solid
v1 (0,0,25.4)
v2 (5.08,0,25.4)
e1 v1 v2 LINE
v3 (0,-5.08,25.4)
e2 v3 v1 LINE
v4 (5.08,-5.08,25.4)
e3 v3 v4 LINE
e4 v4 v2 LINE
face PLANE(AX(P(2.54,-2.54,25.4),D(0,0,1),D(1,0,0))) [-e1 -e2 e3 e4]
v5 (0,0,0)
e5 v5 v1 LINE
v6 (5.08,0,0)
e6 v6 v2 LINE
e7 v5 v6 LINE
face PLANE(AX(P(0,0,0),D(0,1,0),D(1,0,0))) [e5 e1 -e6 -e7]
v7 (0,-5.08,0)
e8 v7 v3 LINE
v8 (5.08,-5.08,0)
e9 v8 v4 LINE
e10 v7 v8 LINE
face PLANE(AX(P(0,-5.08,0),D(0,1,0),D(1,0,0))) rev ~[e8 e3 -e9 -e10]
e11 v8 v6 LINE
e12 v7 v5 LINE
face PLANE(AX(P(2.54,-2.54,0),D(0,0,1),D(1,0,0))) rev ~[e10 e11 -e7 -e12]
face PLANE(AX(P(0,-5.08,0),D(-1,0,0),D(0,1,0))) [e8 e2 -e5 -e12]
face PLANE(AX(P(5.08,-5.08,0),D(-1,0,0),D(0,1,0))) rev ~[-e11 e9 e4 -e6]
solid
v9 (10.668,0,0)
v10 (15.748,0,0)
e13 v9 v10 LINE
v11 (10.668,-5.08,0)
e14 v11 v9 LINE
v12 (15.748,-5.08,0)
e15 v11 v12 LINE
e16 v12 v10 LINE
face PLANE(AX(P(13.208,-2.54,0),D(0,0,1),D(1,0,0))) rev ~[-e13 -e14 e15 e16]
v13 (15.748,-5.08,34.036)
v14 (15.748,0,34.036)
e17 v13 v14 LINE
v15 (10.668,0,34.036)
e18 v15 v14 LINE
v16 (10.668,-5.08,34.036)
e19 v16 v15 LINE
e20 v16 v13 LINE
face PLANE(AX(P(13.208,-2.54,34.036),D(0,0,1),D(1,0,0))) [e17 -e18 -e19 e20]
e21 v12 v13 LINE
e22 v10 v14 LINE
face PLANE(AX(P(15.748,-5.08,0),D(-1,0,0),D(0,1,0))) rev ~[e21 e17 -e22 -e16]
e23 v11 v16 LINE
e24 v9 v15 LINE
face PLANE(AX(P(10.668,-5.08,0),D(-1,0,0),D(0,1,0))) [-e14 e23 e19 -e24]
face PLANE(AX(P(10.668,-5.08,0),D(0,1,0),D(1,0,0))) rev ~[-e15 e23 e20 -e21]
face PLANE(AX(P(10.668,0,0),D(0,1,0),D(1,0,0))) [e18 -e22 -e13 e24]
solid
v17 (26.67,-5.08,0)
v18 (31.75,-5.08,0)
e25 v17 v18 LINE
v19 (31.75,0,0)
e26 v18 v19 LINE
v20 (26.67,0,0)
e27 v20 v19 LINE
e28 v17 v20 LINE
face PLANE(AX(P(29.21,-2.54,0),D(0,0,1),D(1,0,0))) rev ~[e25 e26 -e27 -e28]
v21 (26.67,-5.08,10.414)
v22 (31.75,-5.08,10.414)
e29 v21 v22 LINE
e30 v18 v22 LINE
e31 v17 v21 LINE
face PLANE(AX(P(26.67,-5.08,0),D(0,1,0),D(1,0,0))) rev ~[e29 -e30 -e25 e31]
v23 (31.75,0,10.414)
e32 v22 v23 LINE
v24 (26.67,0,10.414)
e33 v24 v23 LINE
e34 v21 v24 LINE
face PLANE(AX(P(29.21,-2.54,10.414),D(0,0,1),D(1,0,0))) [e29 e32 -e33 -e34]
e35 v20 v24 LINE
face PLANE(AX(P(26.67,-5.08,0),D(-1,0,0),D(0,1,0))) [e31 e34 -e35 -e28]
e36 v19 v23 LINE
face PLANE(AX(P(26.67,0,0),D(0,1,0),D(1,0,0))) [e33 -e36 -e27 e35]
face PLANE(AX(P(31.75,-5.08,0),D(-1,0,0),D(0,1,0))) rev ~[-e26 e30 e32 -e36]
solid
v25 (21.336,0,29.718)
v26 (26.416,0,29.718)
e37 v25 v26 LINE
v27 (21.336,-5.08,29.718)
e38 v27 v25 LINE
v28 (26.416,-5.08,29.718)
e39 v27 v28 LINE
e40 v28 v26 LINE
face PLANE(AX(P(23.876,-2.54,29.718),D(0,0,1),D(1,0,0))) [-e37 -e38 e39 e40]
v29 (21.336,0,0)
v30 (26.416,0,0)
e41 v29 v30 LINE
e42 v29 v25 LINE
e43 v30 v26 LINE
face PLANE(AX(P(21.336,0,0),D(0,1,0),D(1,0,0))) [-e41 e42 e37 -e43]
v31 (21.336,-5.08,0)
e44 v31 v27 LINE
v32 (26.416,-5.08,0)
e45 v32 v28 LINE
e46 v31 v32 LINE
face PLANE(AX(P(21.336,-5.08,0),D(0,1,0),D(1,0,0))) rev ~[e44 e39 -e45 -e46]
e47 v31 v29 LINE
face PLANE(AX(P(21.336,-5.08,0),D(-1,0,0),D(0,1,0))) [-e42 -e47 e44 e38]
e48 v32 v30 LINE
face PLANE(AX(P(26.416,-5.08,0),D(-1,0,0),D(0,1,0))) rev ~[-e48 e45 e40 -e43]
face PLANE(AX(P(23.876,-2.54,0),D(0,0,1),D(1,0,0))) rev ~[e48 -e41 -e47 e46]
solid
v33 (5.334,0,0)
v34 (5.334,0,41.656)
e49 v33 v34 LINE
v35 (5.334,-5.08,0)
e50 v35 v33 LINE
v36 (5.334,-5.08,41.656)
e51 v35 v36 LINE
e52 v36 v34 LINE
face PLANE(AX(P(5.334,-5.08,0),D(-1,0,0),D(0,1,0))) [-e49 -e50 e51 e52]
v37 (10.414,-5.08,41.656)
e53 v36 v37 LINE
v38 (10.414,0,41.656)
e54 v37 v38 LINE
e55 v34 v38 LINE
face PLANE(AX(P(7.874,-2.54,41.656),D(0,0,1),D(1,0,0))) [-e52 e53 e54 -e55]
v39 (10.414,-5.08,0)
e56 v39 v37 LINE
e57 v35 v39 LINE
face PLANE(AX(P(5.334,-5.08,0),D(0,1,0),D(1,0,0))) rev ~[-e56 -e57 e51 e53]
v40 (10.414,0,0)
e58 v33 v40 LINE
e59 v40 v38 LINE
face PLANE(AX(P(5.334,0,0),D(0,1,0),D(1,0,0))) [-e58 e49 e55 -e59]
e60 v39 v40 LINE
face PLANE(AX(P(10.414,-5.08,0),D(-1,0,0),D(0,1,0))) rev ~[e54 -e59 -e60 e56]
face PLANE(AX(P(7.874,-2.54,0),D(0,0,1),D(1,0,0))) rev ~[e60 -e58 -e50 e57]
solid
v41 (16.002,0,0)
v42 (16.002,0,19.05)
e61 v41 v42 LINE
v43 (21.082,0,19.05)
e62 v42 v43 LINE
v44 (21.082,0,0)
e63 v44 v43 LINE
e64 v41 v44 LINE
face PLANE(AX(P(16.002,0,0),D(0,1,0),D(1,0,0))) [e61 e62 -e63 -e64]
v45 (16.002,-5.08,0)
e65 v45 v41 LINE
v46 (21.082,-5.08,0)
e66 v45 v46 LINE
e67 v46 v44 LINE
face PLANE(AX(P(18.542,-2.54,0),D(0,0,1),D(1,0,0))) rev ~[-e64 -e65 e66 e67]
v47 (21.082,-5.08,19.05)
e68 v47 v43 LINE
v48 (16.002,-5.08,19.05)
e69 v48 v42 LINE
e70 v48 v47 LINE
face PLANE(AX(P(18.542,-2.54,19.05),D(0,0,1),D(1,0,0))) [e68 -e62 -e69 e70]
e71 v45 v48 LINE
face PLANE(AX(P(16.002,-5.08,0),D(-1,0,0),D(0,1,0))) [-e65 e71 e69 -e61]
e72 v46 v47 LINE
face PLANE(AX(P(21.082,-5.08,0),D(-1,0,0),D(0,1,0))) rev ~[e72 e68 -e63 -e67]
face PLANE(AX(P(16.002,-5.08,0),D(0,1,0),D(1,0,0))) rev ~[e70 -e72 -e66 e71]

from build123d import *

# Parameters (mm, degrees)
F0_W     = 5.08
F0_H     = 5.08
F2_DEPTH = 25.4
F1_W     = 5.08
F1_H     = 5.08
F3_DEPTH = 41.656
F4_DEPTH = 34.036
F5_DEPTH = 19.05
F6_DEPTH = 29.718
F7_DEPTH = 10.414


with BuildPart() as f2:
    # F0 (on Top) → F2 (new body)
    with BuildSketch(Plane.XY):
        with Locations((2.54, -2.54)):
            Rectangle(F0_W, F0_H)
    extrude(amount=F2_DEPTH)


with BuildPart() as f3:
    # F1 (on Top) → F3 (new body)
    with BuildSketch(Plane.XY):
        with Locations((7.874, -2.54)):
            Rectangle(F1_W, F1_H)
    extrude(amount=F3_DEPTH)


with BuildPart() as f4:
    # F1 (on Top) → F4 (new body)
    with BuildSketch(Plane.XY):
        with Locations((13.208, -2.54)):
            Rectangle(F1_W, F1_H)
    extrude(amount=F4_DEPTH)


with BuildPart() as f5:
    # F1 (on Top) → F5 (new body)
    with BuildSketch(Plane.XY):
        with Locations((18.542, -2.54)):
            Rectangle(F1_W, F1_H)
    extrude(amount=F5_DEPTH)


with BuildPart() as f6:
    # F1 (on Top) → F6 (new body)
    with BuildSketch(Plane.XY):
        with Locations((23.876, -2.54)):
            Rectangle(F1_W, F1_H)
    extrude(amount=F6_DEPTH)


with BuildPart() as f7:
    # F1 (on Top) → F7 (new body)
    with BuildSketch(Plane.XY):
        with Locations((29.21, -2.54)):
            Rectangle(F1_W, F1_H)
    extrude(amount=F7_DEPTH)


solid = Compound([f2.part, f3.part, f4.part, f5.part, f6.part, f7.part])
